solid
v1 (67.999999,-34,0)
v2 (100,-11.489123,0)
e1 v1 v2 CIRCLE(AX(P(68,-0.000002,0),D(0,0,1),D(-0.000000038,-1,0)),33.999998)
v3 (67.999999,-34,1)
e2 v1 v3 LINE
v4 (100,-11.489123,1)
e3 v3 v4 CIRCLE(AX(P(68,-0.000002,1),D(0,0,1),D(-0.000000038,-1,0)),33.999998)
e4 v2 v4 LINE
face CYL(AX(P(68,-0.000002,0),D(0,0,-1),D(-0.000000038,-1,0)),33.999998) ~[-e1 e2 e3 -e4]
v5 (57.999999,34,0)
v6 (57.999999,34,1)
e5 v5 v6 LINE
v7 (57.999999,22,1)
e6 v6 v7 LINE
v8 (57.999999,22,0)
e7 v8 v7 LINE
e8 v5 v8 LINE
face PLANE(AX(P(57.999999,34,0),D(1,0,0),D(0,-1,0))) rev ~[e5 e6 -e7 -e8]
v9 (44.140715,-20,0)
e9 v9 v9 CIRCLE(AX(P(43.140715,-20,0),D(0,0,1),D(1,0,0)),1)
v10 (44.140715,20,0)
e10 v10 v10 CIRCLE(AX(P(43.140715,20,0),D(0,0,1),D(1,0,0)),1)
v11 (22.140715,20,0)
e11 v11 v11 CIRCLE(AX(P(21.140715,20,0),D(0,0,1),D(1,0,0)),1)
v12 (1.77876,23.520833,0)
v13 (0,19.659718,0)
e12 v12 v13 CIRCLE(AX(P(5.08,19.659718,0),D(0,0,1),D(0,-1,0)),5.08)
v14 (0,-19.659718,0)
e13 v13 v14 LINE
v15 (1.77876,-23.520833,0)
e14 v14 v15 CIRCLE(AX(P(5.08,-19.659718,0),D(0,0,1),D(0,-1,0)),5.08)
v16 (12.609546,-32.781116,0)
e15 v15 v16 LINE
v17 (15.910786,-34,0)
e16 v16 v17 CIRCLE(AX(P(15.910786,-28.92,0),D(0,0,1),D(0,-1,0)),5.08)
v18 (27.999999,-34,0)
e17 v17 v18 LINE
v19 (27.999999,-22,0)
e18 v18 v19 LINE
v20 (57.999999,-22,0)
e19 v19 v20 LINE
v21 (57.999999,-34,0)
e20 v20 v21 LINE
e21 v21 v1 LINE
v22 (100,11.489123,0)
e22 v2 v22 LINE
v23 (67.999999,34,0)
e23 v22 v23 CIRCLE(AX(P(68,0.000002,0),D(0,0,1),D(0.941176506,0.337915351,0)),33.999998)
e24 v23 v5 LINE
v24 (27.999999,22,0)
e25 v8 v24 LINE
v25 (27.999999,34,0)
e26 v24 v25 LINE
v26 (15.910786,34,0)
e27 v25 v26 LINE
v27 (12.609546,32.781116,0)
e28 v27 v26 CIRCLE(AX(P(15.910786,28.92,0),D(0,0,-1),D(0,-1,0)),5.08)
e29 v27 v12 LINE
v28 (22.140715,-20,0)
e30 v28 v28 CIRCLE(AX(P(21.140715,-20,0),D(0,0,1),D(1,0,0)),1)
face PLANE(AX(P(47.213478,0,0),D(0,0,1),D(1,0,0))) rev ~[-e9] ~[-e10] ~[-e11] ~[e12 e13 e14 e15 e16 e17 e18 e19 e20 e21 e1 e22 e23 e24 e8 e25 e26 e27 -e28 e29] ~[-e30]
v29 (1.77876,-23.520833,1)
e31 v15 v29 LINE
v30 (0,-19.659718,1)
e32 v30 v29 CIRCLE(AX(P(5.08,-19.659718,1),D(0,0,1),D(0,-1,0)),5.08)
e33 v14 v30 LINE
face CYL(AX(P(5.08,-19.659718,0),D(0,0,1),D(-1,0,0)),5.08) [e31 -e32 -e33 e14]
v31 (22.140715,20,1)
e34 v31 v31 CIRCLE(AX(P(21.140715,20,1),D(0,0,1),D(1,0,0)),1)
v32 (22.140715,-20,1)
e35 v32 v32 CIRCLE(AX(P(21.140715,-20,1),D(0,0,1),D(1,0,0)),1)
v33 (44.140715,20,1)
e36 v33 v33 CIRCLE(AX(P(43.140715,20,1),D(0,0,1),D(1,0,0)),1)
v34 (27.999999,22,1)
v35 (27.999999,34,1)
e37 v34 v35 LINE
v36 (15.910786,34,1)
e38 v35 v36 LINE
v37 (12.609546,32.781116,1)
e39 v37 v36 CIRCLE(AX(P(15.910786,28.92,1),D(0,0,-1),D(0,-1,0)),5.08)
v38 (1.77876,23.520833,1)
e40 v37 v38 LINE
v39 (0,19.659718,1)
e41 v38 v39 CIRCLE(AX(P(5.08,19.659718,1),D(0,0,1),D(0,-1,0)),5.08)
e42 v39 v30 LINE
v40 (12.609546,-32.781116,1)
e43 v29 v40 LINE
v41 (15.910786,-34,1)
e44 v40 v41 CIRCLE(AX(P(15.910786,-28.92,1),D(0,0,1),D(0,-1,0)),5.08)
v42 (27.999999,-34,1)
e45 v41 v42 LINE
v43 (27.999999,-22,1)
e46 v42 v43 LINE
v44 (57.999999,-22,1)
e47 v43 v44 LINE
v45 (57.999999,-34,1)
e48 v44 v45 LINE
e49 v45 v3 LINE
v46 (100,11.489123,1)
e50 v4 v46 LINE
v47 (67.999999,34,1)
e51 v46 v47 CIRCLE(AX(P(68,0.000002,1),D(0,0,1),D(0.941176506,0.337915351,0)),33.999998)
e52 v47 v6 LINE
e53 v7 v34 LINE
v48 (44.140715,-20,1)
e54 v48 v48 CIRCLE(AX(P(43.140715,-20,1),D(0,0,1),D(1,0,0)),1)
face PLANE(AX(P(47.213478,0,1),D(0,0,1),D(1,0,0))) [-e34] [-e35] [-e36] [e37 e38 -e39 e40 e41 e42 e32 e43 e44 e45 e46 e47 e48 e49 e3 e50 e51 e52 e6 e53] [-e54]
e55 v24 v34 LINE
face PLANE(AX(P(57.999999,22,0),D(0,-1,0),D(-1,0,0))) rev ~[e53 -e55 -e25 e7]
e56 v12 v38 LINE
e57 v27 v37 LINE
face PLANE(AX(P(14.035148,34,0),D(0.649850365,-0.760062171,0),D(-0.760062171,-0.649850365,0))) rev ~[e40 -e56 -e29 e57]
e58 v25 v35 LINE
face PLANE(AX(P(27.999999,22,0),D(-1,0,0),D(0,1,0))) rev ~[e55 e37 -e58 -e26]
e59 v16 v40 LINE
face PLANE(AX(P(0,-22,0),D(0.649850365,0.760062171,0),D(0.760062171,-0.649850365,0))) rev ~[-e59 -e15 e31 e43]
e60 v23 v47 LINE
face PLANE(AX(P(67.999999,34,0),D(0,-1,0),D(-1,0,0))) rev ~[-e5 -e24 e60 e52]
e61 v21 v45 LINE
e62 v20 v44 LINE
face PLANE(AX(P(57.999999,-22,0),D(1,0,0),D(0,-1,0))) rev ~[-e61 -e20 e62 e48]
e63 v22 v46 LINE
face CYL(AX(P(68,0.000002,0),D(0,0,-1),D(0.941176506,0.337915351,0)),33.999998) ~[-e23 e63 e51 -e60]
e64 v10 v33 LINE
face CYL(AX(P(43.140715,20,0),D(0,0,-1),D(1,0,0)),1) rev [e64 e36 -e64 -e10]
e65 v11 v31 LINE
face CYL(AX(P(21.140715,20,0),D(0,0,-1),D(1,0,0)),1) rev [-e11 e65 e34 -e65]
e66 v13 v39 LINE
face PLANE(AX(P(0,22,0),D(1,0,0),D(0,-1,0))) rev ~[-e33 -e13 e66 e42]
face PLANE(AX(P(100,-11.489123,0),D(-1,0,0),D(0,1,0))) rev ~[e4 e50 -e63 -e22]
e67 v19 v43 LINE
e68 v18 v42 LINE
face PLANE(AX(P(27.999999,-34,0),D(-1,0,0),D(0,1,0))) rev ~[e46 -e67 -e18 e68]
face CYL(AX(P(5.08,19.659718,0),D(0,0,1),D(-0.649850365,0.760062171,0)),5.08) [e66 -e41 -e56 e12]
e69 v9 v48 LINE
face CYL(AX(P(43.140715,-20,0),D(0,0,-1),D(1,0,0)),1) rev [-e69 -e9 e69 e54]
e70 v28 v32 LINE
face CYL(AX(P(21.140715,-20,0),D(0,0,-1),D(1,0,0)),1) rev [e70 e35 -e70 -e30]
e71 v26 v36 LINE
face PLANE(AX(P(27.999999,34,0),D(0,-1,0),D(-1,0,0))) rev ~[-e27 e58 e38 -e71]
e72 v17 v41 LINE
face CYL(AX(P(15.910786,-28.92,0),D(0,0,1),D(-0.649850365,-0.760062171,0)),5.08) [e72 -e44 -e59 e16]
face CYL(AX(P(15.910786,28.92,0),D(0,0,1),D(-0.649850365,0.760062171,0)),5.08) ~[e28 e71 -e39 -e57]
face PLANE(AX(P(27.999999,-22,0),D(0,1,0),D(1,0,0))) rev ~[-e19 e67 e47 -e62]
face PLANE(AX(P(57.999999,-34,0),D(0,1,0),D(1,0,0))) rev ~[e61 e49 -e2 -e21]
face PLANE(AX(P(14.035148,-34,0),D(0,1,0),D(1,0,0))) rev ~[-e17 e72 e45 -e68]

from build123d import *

# Parameters (mm, degrees)
F0_R     = 1
F1_DEPTH = 1
F2_R     = 5.08
F3_R     = 5.08
F4_R     = 5.08
F5_R     = 5.08


with BuildPart() as f1:
    # F0 (on Top) → F1 (new body)
    with BuildSketch(Plane.XY):
        with BuildLine():
            Line((0, 22), (0, 0))
            Line((0, 0), (0, -22))
            Line((0, -22), (14.035148, -34))
            Line((14.035148, -34), (27.999999, -34))
            Line((27.999999, -34), (27.999999, -22))
            Line((27.999999, -22), (57.999999, -22))
            Line((57.999999, -22), (57.999999, -34))
            Line((57.999999, -34), (67.999999, -34))
            ThreePointArc((67.999999, -34), (87.562333, -27.808544), (100, -11.489123))
            Line((100, -11.489123), (100, 11.489123))
            ThreePointArc((100, 11.489123), (87.562333, 27.808544), (67.999999, 34))
            Line((67.999999, 34), (57.999999, 34))
            Line((57.999999, 34), (57.999999, 22))
            Line((57.999999, 22), (27.999999, 22))
            Line((27.999999, 22), (27.999999, 34))
            Line((27.999999, 34), (14.035148, 34))
            Line((14.035148, 34), (0, 22))
        make_face()
        with Locations((21.140715, -20)):
            Circle(F0_R, mode=Mode.SUBTRACT)
        with Locations((43.140715, -20)):
            Circle(F0_R, mode=Mode.SUBTRACT)
        with Locations((21.140715, 20)):
            Circle(F0_R, mode=Mode.SUBTRACT)
        with Locations((43.140715, 20)):
            Circle(F0_R, mode=Mode.SUBTRACT)
    extrude(amount=F1_DEPTH)

    # F2
    f2_edges = [f1.edges().sort_by_distance(p)[0] for p in [
        (14.035148, 34, 0.5),
    ]]
    fillet(f2_edges, radius=F2_R)

    # F3
    f3_edges = [f1.edges().sort_by_distance(p)[0] for p in [
        (0, 22, 0.5),
    ]]
    fillet(f3_edges, radius=F3_R)

    # F4
    f4_edges = [f1.edges().sort_by_distance(p)[0] for p in [
        (0, -22, 0.5),
    ]]
    fillet(f4_edges, radius=F4_R)

    # F5
    f5_edges = [f1.edges().sort_by_distance(p)[0] for p in [
        (14.035148, -34, 0.5),
    ]]
    fillet(f5_edges, radius=F5_R)


solid = f1.part
